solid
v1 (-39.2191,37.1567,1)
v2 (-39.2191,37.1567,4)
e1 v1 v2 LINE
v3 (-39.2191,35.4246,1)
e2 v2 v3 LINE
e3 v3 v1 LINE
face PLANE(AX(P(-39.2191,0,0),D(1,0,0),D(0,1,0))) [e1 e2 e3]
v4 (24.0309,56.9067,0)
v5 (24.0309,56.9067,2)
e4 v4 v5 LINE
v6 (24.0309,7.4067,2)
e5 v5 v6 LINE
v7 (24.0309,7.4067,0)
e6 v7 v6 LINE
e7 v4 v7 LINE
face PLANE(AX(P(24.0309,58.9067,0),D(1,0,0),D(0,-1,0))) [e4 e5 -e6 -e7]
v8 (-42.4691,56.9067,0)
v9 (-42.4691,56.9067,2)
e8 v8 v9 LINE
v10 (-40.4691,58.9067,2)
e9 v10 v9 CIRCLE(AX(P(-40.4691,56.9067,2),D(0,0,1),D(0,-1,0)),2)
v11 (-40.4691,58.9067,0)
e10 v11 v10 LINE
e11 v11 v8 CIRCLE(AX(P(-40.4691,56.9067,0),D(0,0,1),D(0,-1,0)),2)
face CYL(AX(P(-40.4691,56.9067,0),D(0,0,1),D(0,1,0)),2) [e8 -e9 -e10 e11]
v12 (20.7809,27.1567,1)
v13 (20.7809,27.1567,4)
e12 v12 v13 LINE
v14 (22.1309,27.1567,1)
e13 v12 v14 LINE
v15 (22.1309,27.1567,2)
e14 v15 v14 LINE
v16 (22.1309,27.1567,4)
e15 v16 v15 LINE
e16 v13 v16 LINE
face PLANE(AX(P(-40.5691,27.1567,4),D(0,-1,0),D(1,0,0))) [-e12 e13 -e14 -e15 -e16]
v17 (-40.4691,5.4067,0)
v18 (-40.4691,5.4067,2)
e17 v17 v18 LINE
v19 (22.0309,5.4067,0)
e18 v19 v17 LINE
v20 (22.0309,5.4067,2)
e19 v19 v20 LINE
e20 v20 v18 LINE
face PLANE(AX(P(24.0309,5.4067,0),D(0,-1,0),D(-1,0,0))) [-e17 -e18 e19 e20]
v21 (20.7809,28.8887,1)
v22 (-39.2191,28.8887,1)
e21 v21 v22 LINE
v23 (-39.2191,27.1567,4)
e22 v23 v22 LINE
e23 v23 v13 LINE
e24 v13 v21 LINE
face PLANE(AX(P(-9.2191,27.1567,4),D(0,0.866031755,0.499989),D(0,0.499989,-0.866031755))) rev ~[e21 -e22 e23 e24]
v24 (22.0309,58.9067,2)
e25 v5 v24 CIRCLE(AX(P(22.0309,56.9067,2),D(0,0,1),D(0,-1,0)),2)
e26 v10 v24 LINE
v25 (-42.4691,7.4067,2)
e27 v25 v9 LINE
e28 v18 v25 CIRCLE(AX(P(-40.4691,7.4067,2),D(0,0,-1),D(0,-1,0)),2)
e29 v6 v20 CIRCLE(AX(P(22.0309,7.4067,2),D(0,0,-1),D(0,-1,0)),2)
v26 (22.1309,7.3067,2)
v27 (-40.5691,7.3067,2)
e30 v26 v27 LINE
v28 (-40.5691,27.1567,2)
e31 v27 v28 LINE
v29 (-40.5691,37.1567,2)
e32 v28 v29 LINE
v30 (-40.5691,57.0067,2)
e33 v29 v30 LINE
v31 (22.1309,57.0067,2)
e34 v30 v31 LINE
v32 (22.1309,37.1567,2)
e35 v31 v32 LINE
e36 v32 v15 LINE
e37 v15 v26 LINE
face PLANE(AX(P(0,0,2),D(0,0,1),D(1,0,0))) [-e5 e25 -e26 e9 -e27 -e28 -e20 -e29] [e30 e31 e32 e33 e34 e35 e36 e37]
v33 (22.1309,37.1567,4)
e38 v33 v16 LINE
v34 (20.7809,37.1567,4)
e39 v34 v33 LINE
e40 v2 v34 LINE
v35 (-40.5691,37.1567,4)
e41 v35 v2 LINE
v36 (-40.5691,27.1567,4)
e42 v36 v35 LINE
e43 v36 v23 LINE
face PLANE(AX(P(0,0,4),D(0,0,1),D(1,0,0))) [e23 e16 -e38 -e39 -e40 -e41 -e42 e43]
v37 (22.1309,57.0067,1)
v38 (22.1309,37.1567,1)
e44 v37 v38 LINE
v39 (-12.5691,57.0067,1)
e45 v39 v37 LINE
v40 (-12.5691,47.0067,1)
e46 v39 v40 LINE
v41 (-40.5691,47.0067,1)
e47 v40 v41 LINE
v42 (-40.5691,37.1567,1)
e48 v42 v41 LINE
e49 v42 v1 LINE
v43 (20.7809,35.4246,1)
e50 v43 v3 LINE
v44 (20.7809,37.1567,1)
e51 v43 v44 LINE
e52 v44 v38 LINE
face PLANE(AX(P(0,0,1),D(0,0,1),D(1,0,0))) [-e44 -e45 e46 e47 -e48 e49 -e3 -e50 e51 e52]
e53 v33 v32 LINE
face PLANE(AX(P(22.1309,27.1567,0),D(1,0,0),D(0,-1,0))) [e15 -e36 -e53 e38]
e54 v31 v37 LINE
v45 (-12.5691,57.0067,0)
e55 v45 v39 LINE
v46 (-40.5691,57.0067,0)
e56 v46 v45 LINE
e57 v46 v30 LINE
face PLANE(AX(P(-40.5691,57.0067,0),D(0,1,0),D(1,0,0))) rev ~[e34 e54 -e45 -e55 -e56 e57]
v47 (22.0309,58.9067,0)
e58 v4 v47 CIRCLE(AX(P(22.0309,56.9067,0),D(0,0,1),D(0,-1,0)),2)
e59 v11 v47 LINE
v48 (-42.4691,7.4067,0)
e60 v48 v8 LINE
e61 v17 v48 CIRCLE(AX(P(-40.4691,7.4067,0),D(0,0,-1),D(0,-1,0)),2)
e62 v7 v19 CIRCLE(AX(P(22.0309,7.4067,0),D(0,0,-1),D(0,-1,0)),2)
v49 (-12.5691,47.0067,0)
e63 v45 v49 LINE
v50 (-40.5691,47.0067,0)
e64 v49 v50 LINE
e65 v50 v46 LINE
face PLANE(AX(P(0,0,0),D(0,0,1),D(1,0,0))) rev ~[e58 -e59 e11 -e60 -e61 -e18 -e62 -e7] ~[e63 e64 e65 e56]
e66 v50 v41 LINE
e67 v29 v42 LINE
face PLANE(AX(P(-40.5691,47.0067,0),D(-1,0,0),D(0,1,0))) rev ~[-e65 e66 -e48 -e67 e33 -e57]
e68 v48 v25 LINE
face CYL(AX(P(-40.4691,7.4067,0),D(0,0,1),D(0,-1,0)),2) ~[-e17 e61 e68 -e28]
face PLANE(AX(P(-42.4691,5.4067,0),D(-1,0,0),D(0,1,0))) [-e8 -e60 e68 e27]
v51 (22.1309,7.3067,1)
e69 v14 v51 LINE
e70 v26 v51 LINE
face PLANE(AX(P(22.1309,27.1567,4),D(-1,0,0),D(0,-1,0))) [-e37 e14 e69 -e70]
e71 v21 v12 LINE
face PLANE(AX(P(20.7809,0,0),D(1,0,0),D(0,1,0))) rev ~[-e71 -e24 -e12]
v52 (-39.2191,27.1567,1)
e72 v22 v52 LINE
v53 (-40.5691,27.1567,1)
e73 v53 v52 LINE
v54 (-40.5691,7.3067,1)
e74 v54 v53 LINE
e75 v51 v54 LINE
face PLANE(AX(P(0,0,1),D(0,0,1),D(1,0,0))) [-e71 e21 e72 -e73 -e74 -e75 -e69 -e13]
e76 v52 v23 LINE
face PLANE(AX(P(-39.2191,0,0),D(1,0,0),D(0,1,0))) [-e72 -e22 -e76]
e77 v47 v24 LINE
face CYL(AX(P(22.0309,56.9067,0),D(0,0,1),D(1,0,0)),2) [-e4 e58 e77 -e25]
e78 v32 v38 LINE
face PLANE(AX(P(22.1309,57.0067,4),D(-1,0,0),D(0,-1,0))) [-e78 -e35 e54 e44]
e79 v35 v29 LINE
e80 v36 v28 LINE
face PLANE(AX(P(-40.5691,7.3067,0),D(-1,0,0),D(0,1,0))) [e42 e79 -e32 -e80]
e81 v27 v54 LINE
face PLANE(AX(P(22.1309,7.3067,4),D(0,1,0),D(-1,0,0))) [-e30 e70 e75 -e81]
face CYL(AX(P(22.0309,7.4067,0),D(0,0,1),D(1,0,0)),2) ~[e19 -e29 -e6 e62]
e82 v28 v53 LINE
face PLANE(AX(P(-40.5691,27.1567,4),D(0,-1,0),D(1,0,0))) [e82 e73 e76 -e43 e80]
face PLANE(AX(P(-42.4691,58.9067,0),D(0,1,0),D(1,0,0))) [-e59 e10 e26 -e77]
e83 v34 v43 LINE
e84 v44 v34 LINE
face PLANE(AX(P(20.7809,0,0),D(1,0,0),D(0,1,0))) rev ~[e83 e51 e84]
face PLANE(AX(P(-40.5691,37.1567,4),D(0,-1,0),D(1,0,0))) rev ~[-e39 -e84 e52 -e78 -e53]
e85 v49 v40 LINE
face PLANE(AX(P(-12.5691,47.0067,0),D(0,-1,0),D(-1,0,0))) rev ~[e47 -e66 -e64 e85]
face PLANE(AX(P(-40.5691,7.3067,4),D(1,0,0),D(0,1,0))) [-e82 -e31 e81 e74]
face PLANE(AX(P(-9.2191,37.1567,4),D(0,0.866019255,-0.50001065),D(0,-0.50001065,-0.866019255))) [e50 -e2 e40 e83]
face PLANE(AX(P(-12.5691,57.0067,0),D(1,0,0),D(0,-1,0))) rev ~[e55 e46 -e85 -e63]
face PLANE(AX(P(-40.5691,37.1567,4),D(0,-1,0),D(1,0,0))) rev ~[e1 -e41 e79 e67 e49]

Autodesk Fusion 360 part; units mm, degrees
sketch "Schizzo1" plane through (0, 0, 0) normal (0, 0, 1) x (1, 0, 0)
  line L0 (-42.5691, 59.0067) -> (24.1309, 59.0067) construction
  line L1 (24.1309, 59.0067) -> (24.1309, 5.3067) construction
  line L2 (24.1309, 5.3067) -> (-42.5691, 5.3067) construction
  line L3 (-42.5691, 5.3067) -> (-42.5691, 59.0067) construction
  line L4 (24.0309, 58.9067) -> (24.0309, 5.4067)
  line L5 (24.0309, 5.4067) -> (-42.4691, 5.4067)
  line L6 (-42.4691, 5.4067) -> (-42.4691, 58.9067)
  line L7 (-42.4691, 58.9067) -> (24.0309, 58.9067)
  line L8 (22.1309, 7.3067) -> (-40.5691, 7.3067)
  line L9 (-40.5691, 7.3067) -> (-40.5691, 57.0067)
  line L10 (-40.5691, 57.0067) -> (22.1309, 57.0067)
  line L11 (22.1309, 57.0067) -> (22.1309, 7.3067)
  line L12 (-40.5691, 57.0067) -> (-12.5691, 57.0067)
  line L13 (-12.5691, 57.0067) -> (-12.5691, 47.0067)
  line L14 (-12.5691, 47.0067) -> (-40.5691, 47.0067)
  line L15 (-40.5691, 47.0067) -> (-40.5691, 57.0067)
  line L16 (-42.5691, 32.1567) -> (24.1309, 32.1567) construction
  line L17 (-9.2191, 59.0067) -> (-9.2191, 5.3067) construction
  line L18 (-40.5691, 37.1567) -> (22.1309, 37.1567)
  line L19 (-40.5691, 27.1567) -> (22.1309, 27.1567)
  dimension "d1" = 66.7
  dimension "d2" = 53.7
  dimension "d3" = 0.1
  dimension "d8" = 2
  dimension "d9" = 28
  dimension "d10" = 10
  dimension "d11" = 10
extrude "Estrusione1" add sketch "Schizzo1" along normal blind 4 contours L8 L9 L11 L19 | L9 L11 L18 L19 | L9 L10 L11 L13 L14 L18
extrude "Estrusione4" add sketch "Schizzo1" along normal blind 2
fillet "Raccordo1" radius 2 4 edges at (-42.4691, 5.4067, 1) (24.0309, 5.4067, 1) (24.0309, 58.9067, 1) (-42.4691, 58.9067, 1)
extrude "Estrusione2" cut sketch "Schizzo1" against normal blind 3 from surface at 4 contours L8 L9 L11 L19 | L9 L10 L11 L13 L14 L18
ref_plane "Piano di lavoro1" through (-9.2191, 32.1567, 0) normal (1, 0, 0) x (0, -1, 0)
sketch "Schizzo2" plane through (-9.2191, 0, 0) normal (1, 0, 0) x (0, 1, 0)
  line L0 (5.4067, 4) -> (58.9067, 4) construction
  line L1 (58.9067, 4) -> (58.9067, 0) construction
  line L2 (58.9067, 0) -> (5.4067, 0) construction
  line L3 (5.4067, 0) -> (5.4067, 4) construction
  line L4 (58.9067, 2) -> (58.9067, 0) construction
  line L5 (7.4067, 0) -> (56.9067, 0) construction
  line L6 (5.4067, 0) -> (5.4067, 2) construction
  line L7 (37.1567, 4) -> (27.1567, 4) construction
  line L8 (32.1567, 4) -> (32.1567, 0) construction
  line L9 (27.1567, 4) -> (27.1567, 0) construction
  line L10 (27.1567, 2) -> (27.1567, 4) construction
  line L11 (5.4067, 1) -> (58.9067, 1) construction
  line L12 (7.3067, 1) -> (27.1567, 1) construction
  line L13 (37.1567, 4) -> (37.1567, 0) construction
  line L14 (27.1567, 4) -> (28.8887, 1)
  line L15 (27.1567, 4) -> (30.6208, 4) construction
  line L16 (28.8887, 1) -> (27.1567, 1)
  line L17 (27.1567, 1) -> (27.1567, 4)
  line L18 (37.1567, 4) -> (35.4246, 1)
  line L19 (37.1567, 1) -> (37.1567, 4)
  line L20 (35.4246, 1) -> (37.1567, 1)
  dimension "d24" = 60
extrude "Estrusione3" cut sketch "Schizzo2" along normal mid plane 60
